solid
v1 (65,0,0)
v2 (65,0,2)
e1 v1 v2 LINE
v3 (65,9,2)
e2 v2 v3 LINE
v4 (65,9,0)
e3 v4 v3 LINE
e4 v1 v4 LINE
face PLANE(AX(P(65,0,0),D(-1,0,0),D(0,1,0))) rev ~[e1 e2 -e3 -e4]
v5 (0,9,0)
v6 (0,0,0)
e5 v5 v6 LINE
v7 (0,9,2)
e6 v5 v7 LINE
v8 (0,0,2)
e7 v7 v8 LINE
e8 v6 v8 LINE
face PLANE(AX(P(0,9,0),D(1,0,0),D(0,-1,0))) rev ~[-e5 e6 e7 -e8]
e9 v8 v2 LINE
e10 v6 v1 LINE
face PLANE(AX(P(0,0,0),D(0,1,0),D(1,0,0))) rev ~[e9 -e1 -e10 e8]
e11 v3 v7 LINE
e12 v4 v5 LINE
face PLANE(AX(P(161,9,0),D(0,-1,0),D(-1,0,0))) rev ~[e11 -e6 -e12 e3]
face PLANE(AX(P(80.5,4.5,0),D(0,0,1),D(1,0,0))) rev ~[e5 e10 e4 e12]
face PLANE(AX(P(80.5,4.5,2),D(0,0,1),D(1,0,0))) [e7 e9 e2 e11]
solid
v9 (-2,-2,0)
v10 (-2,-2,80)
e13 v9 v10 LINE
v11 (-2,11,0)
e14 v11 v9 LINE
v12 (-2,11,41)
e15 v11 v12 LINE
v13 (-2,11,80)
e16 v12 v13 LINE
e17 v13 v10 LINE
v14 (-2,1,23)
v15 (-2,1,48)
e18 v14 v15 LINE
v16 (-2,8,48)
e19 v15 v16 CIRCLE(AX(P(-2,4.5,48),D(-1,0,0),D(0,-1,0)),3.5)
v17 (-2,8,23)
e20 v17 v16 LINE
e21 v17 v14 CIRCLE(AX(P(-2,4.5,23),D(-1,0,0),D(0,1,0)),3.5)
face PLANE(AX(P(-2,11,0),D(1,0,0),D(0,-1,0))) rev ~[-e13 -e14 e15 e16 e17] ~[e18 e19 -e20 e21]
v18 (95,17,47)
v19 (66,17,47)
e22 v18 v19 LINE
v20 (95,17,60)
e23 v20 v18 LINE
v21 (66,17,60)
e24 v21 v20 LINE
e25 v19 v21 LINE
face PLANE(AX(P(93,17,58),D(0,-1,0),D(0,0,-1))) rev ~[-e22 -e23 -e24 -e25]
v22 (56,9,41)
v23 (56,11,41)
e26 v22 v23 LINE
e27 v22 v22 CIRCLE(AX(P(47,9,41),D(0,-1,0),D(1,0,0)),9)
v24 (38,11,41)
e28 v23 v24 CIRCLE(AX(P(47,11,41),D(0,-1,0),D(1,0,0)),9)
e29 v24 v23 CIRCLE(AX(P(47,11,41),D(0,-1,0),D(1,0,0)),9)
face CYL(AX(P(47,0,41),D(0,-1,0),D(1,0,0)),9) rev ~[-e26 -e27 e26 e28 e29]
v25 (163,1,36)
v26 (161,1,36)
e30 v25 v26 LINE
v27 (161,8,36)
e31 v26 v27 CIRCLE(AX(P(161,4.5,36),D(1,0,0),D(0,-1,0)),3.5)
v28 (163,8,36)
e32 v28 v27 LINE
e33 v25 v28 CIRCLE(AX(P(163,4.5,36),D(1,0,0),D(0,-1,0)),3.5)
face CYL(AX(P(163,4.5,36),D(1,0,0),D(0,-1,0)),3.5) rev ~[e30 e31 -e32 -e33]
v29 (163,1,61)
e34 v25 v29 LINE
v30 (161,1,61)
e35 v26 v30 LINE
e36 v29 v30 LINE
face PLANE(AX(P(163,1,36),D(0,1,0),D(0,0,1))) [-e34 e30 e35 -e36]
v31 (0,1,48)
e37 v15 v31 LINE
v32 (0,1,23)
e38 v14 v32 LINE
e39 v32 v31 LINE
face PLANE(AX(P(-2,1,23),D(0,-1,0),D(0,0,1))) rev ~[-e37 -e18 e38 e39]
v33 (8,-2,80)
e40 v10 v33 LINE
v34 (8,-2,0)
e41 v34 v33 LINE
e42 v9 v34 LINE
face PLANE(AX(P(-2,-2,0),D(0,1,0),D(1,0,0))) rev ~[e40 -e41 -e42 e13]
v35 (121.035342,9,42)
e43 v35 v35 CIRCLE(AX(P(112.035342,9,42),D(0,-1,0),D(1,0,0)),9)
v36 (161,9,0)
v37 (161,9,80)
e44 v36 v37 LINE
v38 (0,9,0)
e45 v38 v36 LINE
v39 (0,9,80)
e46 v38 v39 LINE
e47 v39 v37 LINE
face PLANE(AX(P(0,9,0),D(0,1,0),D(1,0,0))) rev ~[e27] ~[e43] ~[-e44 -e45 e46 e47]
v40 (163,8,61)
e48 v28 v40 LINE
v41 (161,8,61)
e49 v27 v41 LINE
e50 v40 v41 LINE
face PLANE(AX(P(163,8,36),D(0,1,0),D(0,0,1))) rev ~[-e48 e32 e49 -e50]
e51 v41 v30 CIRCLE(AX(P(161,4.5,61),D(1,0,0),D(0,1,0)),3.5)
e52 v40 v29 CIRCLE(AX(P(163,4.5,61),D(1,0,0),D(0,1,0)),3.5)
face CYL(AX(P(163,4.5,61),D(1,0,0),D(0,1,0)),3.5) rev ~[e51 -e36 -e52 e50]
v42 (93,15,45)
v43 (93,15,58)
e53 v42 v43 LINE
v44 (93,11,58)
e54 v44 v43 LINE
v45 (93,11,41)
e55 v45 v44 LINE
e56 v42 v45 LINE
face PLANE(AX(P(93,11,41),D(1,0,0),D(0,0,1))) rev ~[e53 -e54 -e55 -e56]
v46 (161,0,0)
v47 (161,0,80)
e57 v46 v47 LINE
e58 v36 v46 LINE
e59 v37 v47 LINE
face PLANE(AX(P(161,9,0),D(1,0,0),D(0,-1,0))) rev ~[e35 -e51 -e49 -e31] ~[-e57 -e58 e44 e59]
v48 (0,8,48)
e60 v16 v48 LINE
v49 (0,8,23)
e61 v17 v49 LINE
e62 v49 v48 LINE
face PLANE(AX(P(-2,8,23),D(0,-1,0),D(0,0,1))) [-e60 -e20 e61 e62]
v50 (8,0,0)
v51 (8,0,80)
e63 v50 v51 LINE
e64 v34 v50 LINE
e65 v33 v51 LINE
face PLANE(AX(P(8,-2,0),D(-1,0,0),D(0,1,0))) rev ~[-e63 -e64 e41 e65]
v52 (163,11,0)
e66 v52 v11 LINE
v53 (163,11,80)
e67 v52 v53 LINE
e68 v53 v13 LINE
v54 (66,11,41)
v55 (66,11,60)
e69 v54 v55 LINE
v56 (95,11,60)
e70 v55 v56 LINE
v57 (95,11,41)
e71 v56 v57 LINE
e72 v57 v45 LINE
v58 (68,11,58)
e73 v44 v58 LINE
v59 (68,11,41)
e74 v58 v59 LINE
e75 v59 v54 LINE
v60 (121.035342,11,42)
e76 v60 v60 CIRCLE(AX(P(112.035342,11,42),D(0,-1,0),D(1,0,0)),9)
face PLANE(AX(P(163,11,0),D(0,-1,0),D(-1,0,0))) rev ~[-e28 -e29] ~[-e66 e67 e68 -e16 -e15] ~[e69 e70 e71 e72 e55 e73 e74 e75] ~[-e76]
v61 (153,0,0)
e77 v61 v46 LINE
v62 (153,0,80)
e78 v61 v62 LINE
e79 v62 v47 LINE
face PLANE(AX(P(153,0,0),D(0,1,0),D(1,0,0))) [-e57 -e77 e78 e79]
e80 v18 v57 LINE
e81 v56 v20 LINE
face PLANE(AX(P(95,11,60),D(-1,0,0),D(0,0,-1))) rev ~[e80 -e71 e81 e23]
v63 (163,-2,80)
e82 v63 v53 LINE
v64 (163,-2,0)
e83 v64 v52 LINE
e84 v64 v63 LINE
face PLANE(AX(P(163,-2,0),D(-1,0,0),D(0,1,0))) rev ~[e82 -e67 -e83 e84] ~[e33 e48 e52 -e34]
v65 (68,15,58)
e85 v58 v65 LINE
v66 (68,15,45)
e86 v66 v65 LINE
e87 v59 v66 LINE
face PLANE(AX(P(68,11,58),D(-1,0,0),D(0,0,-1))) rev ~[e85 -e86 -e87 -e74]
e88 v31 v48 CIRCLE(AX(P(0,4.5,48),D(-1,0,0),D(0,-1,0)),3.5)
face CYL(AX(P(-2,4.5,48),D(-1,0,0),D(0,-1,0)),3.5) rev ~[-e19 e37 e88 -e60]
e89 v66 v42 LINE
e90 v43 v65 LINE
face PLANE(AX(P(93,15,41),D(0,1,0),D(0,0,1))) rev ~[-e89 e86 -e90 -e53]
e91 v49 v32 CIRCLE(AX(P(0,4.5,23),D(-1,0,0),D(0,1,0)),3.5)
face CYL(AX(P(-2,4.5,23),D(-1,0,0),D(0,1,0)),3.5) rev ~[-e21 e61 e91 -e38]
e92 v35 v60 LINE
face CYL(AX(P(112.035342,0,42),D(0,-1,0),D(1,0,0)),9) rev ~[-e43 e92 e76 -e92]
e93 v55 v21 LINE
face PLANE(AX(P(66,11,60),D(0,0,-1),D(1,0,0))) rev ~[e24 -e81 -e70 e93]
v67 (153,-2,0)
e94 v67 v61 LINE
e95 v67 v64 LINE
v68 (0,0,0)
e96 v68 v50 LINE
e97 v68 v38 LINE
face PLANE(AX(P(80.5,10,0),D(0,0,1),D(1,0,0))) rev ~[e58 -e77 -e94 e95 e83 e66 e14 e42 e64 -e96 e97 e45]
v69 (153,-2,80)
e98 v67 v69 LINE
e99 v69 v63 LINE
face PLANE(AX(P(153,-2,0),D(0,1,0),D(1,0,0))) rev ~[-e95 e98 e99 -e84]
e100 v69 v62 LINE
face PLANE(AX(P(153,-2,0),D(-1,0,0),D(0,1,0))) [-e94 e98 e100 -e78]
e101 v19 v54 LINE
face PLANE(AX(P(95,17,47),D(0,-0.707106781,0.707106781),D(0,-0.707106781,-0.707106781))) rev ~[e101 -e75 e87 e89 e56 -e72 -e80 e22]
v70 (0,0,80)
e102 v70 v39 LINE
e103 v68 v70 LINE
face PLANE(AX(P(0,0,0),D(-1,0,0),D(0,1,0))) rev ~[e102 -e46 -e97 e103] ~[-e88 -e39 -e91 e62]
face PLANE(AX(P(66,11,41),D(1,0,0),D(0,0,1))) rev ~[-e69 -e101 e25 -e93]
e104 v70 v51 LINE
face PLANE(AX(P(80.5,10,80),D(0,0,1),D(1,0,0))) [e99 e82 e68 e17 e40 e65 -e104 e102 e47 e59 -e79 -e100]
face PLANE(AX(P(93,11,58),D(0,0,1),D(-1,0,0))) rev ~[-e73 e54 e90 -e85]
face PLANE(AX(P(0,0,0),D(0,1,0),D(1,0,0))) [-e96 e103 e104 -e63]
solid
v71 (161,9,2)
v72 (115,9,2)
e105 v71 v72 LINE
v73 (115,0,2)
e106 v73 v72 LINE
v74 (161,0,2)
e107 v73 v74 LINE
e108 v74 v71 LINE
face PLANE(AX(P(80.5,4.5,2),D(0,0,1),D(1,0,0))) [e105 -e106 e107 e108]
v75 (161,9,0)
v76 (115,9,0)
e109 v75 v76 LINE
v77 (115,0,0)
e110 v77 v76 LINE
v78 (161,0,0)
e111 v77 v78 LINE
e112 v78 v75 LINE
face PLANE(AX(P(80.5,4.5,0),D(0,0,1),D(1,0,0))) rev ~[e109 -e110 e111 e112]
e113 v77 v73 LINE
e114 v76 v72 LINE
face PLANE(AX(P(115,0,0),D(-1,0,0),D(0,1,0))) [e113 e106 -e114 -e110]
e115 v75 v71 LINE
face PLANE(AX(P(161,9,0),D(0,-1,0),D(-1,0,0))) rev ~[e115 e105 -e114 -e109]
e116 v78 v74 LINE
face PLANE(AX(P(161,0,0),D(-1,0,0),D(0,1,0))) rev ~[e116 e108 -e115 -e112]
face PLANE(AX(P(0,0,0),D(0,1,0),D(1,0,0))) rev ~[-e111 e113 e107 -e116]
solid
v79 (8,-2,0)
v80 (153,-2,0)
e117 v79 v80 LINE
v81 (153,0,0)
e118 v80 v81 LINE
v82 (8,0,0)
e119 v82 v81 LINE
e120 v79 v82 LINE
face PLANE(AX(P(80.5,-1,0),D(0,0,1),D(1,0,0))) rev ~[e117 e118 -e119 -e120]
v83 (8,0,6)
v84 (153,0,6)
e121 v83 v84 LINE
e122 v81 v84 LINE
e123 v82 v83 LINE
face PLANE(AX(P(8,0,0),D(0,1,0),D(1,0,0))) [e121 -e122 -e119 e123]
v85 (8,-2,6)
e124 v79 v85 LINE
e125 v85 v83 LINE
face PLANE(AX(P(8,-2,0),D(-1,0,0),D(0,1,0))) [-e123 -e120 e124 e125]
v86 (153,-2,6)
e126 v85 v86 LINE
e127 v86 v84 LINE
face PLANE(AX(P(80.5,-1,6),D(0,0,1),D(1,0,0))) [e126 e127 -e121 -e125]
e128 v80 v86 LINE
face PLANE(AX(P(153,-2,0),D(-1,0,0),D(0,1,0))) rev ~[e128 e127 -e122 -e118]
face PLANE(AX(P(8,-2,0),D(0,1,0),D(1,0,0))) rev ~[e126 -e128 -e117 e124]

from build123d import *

# Parameters (mm, degrees)
F0_W      = 161
F0_H      = 2
F0_W_2    = 2
F0_H_2    = 9
F0_W_3    = 8
F1_DEPTH  = 80
F2_DEPTH  = 2
F0_W_4    = 145
F3_DEPTH  = 6
F4_W      = 7
F4_H      = 25
F5_DEPTH  = 2
F6_W      = 7
F6_H      = 25
F7_DEPTH  = 2
F8_R      = 9
F9_DEPTH  = 11.001
F10_W     = 2
F10_H     = 6
F10_H_2   = 11
F10_H_3   = 2
F11_DEPTH = 6
F13_DEPTH = 25
F15_DEPTH = 97.001
F16_W     = 50
F16_H     = 9
F17_DEPTH = 2


with BuildPart() as f1:
    # F0 (on Top) → F1 (new body)
    with BuildSketch(Plane.XY):
        with Locations((80.5, 10)):
            Rectangle(F0_W, F0_H)
        with Locations((162, 10)):
            Rectangle(F0_W_2, F0_H)
        with Locations((162, 4.5)):
            Rectangle(F0_W_2, F0_H_2)
        with Locations((162, -1)):
            Rectangle(F0_W_2, F0_H)
        with Locations((157, -1)):
            Rectangle(F0_W_3, F0_H)
        with Locations((-1, 10)):
            Rectangle(F0_W_2, F0_H)
        with Locations((-1, 4.5)):
            Rectangle(F0_W_2, F0_H_2)
        with Locations((-1, -1)):
            Rectangle(F0_W_2, F0_H)
        with Locations((4, -1)):
            Rectangle(F0_W_3, F0_H)
    extrude(amount=F1_DEPTH)

    # F4 (on face) → F5 (cut, through all)
    with BuildSketch(Plane(origin=(-2, 0, 0), x_dir=(0, -1, 0), z_dir=(-1, 0, 0))):
        with BuildLine():
            ThreePointArc((-1, 48), (-4.5, 51.5), (-8, 48))
            Line((-8, 48), (-1, 48))
        make_face()
        with Locations((-4.5, 35.5)):
            Rectangle(F4_W, F4_H)
        with BuildLine():
            Line((-1, 23), (-8, 23))
            ThreePointArc((-8, 23), (-4.5, 19.5), (-1, 23))
        make_face()
    extrude(amount=-F5_DEPTH, mode=Mode.SUBTRACT)

    # F6 (on face) → F7 (cut, through all)
    with BuildSketch(Plane.YZ.offset(163)):
        with BuildLine():
            ThreePointArc((8, 61), (4.5, 64.5), (1, 61))
            Line((1, 61), (8, 61))
        make_face()
        with Locations((4.5, 48.5)):
            Rectangle(F6_W, F6_H)
        with BuildLine():
            Line((8, 36), (1, 36))
            ThreePointArc((1, 36), (4.5, 32.5), (8, 36))
        make_face()
    extrude(amount=-F7_DEPTH, mode=Mode.SUBTRACT)

    # F8 (on Front) → F9 (cut, through all)
    with BuildSketch(Plane.XZ):
        with Locations((47, 41)):
            Circle(F8_R)
        with Locations((112.035342, 42)):
            Circle(F8_R)
    extrude(amount=-F9_DEPTH, mode=Mode.SUBTRACT)

    # F10 (on face) → F11 (join)
    with BuildSketch(Plane(origin=(0, 11, 0), x_dir=(-1, 0, 0), z_dir=(0, 1, 0))):
        with Locations((-94, 44)):
            Rectangle(F10_W, F10_H)
        with Locations((-94, 52.5)):
            Rectangle(F10_W, F10_H_2)
        with Locations((-94, 59)):
            Rectangle(F10_W, F10_H_3)
        Polygon((-93, 58), (-80.5, 58), (-68, 58), (-68, 60), (-93, 60), align=None)
        with Locations((-67, 59)):
            Rectangle(F10_W, F10_H_3)
        with Locations((-67, 52.5)):
            Rectangle(F10_W, F10_H_2)
        with Locations((-67, 44)):
            Rectangle(F10_W, F10_H)
    extrude(amount=F11_DEPTH)

    # F12 (on face) → F13 (join, through all)
    with BuildSketch(Plane(origin=(93, 0, 0), x_dir=(0, -1, 0), z_dir=(-1, 0, 0))):
        Polygon((-15, 58), (-17, 58), (-17, 41), (-15, 41), (-15, 47), align=None)
    extrude(amount=F13_DEPTH)

    # F14 (on face) → F15 (cut, through all)
    with BuildSketch(Plane.YZ.offset(95)):
        Polygon((17, 47), (11, 41), (17, 41), align=None)
    extrude(amount=-F15_DEPTH, mode=Mode.SUBTRACT)


with BuildPart() as f2:
    # F0 (on Top) → F2 (new body)
    with BuildSketch(Plane.XY):
        Polygon((0, 9), (0, 0), (8, 0), (153, 0), (161, 0), (161, 9), align=None)
    extrude(amount=F2_DEPTH)

    # F16 (on face) → F17 (cut, through all)
    with BuildSketch(Plane.XY):
        with Locations((90, 4.5)):
            Rectangle(F16_W, F16_H)
    extrude(amount=F17_DEPTH, mode=Mode.SUBTRACT)


with BuildPart() as f3:
    # F0 (on Top) → F3 (new body)
    with BuildSketch(Plane.XY):
        with Locations((80.5, -1)):
            Rectangle(F0_W_4, F0_H)
    extrude(amount=F3_DEPTH)


solid = Compound([f1.part, f2.part, f3.part])
